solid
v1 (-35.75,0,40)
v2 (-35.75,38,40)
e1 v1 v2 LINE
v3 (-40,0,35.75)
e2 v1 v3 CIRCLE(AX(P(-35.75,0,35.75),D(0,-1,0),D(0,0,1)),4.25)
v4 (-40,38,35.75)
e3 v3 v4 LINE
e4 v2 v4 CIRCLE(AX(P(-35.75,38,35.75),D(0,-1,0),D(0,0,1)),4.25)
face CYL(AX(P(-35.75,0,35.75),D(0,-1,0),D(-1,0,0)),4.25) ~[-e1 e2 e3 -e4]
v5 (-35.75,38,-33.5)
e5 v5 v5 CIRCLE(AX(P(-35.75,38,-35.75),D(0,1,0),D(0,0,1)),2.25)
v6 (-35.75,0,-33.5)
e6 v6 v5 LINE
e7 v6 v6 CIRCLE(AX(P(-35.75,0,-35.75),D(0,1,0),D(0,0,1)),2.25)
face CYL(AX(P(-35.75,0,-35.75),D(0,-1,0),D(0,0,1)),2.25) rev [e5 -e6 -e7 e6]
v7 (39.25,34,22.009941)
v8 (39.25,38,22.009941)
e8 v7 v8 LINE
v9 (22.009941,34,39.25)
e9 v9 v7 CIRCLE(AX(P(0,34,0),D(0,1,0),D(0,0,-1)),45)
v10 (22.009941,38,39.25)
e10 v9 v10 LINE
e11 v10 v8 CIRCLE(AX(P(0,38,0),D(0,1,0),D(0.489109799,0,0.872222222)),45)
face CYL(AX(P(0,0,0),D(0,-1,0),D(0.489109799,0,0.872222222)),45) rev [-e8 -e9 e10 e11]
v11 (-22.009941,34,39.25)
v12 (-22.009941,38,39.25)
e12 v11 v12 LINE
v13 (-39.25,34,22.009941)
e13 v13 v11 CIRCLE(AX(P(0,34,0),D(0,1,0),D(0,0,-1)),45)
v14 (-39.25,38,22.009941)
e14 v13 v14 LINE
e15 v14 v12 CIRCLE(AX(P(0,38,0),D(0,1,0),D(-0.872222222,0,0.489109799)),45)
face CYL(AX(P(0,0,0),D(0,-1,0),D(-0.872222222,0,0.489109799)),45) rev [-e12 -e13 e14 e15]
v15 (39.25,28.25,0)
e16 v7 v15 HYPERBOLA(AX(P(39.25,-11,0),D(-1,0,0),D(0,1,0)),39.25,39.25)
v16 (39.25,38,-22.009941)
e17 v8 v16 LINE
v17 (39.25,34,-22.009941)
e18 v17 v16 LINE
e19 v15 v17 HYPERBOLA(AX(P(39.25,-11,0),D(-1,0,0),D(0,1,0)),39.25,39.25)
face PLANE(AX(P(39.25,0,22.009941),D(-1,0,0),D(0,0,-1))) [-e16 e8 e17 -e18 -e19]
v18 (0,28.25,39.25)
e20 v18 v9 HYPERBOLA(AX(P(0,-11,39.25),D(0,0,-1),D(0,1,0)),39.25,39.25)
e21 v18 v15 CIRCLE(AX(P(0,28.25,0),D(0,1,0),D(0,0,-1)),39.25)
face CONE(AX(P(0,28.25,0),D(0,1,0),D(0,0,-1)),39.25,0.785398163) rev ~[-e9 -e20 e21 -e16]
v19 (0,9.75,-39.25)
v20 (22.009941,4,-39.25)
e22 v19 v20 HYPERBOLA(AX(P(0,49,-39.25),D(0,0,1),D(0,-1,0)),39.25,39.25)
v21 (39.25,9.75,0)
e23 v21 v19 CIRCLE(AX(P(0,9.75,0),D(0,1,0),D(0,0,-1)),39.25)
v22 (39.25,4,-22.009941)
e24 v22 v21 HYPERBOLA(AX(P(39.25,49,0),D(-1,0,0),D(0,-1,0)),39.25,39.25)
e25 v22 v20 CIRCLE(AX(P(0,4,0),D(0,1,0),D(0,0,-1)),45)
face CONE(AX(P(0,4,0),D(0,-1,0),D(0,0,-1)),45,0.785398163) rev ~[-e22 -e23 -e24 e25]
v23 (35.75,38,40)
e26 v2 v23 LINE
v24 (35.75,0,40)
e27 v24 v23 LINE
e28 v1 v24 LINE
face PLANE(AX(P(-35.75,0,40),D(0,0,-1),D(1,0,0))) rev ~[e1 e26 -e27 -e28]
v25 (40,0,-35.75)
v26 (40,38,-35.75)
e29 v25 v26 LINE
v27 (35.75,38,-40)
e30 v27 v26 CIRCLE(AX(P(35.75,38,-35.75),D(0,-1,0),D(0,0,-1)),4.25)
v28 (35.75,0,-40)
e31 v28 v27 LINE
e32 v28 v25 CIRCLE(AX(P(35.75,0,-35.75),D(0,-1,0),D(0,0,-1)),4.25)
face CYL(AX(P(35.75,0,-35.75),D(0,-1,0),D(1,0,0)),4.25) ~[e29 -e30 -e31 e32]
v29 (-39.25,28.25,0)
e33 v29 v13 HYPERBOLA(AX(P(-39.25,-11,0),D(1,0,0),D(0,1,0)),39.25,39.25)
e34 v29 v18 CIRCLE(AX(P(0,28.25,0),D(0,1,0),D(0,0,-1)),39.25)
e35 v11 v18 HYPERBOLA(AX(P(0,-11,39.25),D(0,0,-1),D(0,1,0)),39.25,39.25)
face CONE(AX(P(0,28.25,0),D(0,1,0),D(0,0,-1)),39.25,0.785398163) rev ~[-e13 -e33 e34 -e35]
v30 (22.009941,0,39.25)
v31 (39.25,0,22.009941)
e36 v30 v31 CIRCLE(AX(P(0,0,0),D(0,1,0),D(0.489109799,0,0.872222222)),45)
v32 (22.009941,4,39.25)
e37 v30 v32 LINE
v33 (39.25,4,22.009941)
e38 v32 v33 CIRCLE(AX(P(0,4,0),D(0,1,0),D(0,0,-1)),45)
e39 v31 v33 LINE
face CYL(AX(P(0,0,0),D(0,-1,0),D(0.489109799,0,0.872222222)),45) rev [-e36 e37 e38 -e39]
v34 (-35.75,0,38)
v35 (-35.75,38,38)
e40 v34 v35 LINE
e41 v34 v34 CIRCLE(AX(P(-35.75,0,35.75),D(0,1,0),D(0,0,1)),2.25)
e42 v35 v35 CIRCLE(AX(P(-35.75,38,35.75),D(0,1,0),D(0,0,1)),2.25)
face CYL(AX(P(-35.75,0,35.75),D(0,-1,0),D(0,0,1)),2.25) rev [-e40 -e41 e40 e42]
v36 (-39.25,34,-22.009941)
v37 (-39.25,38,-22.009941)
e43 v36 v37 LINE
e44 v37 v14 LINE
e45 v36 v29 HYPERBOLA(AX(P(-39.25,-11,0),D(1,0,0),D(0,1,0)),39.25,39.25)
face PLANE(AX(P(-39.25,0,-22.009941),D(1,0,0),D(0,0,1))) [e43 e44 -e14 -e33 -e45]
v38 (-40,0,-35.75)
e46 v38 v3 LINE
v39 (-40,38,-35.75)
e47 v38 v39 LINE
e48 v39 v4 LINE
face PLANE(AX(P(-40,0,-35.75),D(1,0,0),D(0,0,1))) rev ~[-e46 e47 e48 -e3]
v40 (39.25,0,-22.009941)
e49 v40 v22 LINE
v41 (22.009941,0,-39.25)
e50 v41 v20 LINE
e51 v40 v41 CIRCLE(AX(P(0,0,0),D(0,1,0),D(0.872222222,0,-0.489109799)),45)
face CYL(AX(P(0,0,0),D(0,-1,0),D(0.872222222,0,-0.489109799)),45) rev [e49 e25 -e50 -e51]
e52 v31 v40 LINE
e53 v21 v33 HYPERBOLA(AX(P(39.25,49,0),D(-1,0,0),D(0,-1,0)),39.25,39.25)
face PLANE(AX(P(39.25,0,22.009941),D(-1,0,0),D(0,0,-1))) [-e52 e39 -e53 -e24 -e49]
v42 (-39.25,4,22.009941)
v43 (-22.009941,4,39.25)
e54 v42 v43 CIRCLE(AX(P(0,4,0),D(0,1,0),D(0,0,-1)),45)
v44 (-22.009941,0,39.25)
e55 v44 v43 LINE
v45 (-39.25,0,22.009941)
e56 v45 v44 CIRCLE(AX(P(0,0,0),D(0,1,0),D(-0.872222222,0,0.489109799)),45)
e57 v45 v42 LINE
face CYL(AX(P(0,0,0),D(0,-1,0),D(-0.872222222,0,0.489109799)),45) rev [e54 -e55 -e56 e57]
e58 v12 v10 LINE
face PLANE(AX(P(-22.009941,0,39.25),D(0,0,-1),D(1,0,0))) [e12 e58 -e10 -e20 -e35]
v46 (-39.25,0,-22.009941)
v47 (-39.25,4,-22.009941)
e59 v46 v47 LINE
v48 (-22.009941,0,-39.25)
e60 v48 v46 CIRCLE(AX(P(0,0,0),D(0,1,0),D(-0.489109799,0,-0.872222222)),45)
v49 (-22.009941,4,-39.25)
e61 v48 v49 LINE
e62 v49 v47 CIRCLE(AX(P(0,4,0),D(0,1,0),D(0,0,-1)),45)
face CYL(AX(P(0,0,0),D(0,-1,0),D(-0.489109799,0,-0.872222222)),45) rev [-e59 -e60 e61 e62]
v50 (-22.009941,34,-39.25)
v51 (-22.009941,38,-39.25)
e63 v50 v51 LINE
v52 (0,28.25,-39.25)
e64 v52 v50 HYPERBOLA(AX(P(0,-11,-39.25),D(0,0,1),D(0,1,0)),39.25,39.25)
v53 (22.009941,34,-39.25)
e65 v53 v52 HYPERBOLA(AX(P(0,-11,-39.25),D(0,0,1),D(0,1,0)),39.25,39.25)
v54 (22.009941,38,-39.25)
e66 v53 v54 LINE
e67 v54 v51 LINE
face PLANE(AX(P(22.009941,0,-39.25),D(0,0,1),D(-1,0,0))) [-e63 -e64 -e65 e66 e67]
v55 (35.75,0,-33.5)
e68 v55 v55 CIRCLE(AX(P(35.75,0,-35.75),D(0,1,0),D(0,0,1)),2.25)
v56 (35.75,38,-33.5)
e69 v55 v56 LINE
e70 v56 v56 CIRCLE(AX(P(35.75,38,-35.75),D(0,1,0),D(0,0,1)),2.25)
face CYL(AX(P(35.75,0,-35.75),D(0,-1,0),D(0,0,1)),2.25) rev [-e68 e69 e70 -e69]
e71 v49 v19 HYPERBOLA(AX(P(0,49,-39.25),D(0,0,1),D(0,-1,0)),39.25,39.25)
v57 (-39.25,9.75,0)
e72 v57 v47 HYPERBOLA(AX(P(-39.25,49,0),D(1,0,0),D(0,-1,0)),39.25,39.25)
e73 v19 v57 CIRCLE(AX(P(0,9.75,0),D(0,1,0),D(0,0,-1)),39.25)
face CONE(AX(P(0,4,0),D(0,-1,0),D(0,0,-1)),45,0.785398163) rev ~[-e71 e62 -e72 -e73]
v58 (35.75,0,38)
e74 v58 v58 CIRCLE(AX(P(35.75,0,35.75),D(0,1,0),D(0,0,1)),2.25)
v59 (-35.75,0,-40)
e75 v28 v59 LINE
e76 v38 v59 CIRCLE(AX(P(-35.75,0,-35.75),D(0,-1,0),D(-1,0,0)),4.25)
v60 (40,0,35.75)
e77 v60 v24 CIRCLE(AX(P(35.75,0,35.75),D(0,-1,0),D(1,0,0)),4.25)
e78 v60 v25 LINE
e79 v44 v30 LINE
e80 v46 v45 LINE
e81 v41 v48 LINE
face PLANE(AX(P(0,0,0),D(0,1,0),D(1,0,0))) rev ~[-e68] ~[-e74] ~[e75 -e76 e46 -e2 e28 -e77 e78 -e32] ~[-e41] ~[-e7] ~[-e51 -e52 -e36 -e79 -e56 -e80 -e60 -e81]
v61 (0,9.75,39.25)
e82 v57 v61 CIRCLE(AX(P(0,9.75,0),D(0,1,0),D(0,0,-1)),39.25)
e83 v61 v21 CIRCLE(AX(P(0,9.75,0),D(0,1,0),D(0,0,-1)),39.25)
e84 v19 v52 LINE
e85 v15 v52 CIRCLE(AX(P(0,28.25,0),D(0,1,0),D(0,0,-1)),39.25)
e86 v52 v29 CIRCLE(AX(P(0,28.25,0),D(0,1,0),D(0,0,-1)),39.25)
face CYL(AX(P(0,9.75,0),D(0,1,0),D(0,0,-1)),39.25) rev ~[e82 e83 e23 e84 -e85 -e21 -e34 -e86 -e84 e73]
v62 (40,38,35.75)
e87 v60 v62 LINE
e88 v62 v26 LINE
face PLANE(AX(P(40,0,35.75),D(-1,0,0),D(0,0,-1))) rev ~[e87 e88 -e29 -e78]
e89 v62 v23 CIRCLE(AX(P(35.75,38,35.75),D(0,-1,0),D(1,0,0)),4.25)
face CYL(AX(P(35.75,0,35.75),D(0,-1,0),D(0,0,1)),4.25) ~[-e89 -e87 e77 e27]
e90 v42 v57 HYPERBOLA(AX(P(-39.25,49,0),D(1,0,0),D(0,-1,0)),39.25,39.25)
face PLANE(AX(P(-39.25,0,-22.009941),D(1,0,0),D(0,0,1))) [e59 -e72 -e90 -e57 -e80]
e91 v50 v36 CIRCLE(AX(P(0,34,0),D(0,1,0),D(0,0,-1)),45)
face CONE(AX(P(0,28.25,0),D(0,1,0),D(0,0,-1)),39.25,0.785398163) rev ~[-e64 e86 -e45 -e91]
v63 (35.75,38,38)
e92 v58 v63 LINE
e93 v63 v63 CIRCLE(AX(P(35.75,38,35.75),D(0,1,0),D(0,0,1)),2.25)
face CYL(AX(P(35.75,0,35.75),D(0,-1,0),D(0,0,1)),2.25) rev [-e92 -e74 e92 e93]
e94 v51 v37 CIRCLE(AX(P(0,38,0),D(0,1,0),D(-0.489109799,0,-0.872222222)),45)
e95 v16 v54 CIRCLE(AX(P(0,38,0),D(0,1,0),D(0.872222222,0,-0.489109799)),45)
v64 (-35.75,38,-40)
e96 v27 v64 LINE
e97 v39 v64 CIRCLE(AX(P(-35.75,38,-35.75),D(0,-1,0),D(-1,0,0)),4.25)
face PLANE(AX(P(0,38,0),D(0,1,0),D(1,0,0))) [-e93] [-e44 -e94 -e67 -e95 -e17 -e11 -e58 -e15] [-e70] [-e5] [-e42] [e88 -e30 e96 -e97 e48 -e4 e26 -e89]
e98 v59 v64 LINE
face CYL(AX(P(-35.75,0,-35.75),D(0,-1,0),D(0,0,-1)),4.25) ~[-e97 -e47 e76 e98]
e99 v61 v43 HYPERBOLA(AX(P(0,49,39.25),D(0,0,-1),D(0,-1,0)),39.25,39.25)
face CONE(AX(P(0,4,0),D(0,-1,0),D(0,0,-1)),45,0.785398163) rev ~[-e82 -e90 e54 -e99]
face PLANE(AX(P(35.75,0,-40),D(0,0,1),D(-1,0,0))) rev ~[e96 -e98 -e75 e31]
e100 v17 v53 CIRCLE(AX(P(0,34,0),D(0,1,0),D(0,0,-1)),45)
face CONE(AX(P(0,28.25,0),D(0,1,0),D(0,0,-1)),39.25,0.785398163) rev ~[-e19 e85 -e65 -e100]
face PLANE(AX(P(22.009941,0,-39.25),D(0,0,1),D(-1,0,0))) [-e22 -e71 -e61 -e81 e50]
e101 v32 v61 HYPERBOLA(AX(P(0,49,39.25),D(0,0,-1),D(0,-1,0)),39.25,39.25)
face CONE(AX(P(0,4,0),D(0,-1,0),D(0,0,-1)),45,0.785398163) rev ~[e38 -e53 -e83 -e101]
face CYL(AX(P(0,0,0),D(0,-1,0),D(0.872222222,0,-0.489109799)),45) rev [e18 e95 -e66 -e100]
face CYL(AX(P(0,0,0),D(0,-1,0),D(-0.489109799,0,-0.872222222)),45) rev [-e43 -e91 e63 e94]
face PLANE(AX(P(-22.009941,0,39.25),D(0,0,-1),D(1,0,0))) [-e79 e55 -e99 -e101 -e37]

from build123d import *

# Parameters (mm, degrees)
SKETCH1_R               = 2.25
BOSS_EXTRUDE1_DEPTH     = 38
CUT_EXTRUDE1_DEPTH      = 75.121521841
CUT_EXTRUDE1_DEPTH_BACK = 75.121521841


with BuildPart() as part:
    # Sketch1 → Boss-Extrude1 (new body)
    with BuildSketch(Plane(origin=(0, 0, 0), x_dir=(1, 0, 0), z_dir=(0, 1, 0))):
        with BuildLine():
            Line((-35.75, -40), (35.75, -40))
            ThreePointArc((35.75, -40), (38.75520382, -38.75520382), (40, -35.75))
            Line((40, -35.75), (40, 35.75))
            ThreePointArc((40, 35.75), (38.75520382, 38.75520382), (35.75, 40))
            Line((35.75, 40), (-35.75, 40))
            ThreePointArc((-35.75, 40), (-38.75520382, 38.75520382), (-40, 35.75))
            Line((-40, 35.75), (-40, -35.75))
            ThreePointArc((-40, -35.75), (-38.75520382, -38.75520382), (-35.75, -40))
        make_face()
        with Locations(Location((35.75, 35.75, 0), (0, 0, 270))):
            Circle(SKETCH1_R, mode=Mode.SUBTRACT)
        with Locations(Location((35.75, -35.75, 0), (0, 0, 270))):
            Circle(SKETCH1_R, mode=Mode.SUBTRACT)
        with Locations(Location((-35.75, -35.75, 0), (0, 0, 270))):
            Circle(SKETCH1_R, mode=Mode.SUBTRACT)
        with Locations(Location((-35.75, 35.75, 0), (0, 0, 270))):
            Circle(SKETCH1_R, mode=Mode.SUBTRACT)
        with BuildLine():
            Line((22.009940936, 39.25), (-22.009940936, 39.25))
            ThreePointArc((-22.009940936, 39.25), (-31.819805153, 31.819805153), (-39.25, 22.009940936))
            Line((-39.25, 22.009940936), (-39.25, -22.009940936))
            ThreePointArc((-39.25, -22.009940936), (-31.819805153, -31.819805153), (-22.009940936, -39.25))
            Line((-22.009940936, -39.25), (22.009940936, -39.25))
            ThreePointArc((22.009940936, -39.25), (31.819805153, -31.819805153), (39.25, -22.009940936))
            Line((39.25, -22.009940936), (39.25, 22.009940936))
            ThreePointArc((39.25, 22.009940936), (31.819805153, 31.819805153), (22.009940936, 39.25))
        make_face(mode=Mode.SUBTRACT)
    extrude(amount=BOSS_EXTRUDE1_DEPTH)

    # Sketch2 → Revolve1 (revolve)
    with BuildSketch(Plane(origin=(0, 0, 0), x_dir=(0, 0, -1), z_dir=(1, 0, 0))):
        Polygon((45, 4), (39.25, 9.75), (39.25, 28.25), (45, 34), align=None)
    revolve(axis=Axis((0, 0, 0), (0, 1, 0)))

    # Sketch3 → Cut-Extrude1 (cut, two sides: drawn at the far end of the back side and taken through both)
    with BuildSketch(Plane(origin=(0, 0, 0), x_dir=(1, 0, 0), z_dir=(0, 1, 0)).offset(-CUT_EXTRUDE1_DEPTH_BACK)):
        with BuildLine():
            Line((-40, -35.75), (-40, 35.75))
            ThreePointArc((-40, 35.75), (-39.676488013, 37.376404588), (-38.75520382, 38.75520382))
            ThreePointArc((-38.75520382, 38.75520382), (-54.808134855, 0), (-38.75520382, -38.75520382))
            ThreePointArc((-38.75520382, -38.75520382), (-39.676488013, -37.376404588), (-40, -35.75))
        make_face()
        with BuildLine():
            ThreePointArc((-35.75, -40), (-37.376404588, -39.676488013), (-38.75520382, -38.75520382))
            ThreePointArc((-38.75520382, -38.75520382), (6e-09, -54.808134855), (38.755203828, -38.755203812))
            ThreePointArc((38.755203828, -38.755203812), (37.376404593, -39.676488011), (35.75, -40))
            Line((35.75, -40), (-35.75, -40))
        make_face()
        with BuildLine():
            ThreePointArc((54.808134855, 0), (50.636113998, 20.97416519), (38.755203786, 38.755203854))
            ThreePointArc((38.755203786, 38.755203854), (39.676488004, 37.376404609), (40, 35.75))
            Line((40, 35.75), (40, -35.75))
            ThreePointArc((40, -35.75), (39.676488015, -37.376404582), (38.755203828, -38.755203812))
            ThreePointArc((38.755203828, -38.755203812), (50.63611401, -20.974165163), (54.808134855, 0))
        make_face()
        with BuildLine():
            ThreePointArc((38.755203786, 38.755203854), (-2.4e-08, 54.808134855), (-38.75520382, 38.75520382))
            ThreePointArc((-38.75520382, 38.75520382), (-37.376404588, 39.676488013), (-35.75, 40))
            Line((-35.75, 40), (35.75, 40))
            ThreePointArc((35.75, 40), (37.376404566, 39.676488022), (38.755203786, 38.755203854))
        make_face()
    extrude(amount=CUT_EXTRUDE1_DEPTH + CUT_EXTRUDE1_DEPTH_BACK, mode=Mode.SUBTRACT)


solid = part.part
